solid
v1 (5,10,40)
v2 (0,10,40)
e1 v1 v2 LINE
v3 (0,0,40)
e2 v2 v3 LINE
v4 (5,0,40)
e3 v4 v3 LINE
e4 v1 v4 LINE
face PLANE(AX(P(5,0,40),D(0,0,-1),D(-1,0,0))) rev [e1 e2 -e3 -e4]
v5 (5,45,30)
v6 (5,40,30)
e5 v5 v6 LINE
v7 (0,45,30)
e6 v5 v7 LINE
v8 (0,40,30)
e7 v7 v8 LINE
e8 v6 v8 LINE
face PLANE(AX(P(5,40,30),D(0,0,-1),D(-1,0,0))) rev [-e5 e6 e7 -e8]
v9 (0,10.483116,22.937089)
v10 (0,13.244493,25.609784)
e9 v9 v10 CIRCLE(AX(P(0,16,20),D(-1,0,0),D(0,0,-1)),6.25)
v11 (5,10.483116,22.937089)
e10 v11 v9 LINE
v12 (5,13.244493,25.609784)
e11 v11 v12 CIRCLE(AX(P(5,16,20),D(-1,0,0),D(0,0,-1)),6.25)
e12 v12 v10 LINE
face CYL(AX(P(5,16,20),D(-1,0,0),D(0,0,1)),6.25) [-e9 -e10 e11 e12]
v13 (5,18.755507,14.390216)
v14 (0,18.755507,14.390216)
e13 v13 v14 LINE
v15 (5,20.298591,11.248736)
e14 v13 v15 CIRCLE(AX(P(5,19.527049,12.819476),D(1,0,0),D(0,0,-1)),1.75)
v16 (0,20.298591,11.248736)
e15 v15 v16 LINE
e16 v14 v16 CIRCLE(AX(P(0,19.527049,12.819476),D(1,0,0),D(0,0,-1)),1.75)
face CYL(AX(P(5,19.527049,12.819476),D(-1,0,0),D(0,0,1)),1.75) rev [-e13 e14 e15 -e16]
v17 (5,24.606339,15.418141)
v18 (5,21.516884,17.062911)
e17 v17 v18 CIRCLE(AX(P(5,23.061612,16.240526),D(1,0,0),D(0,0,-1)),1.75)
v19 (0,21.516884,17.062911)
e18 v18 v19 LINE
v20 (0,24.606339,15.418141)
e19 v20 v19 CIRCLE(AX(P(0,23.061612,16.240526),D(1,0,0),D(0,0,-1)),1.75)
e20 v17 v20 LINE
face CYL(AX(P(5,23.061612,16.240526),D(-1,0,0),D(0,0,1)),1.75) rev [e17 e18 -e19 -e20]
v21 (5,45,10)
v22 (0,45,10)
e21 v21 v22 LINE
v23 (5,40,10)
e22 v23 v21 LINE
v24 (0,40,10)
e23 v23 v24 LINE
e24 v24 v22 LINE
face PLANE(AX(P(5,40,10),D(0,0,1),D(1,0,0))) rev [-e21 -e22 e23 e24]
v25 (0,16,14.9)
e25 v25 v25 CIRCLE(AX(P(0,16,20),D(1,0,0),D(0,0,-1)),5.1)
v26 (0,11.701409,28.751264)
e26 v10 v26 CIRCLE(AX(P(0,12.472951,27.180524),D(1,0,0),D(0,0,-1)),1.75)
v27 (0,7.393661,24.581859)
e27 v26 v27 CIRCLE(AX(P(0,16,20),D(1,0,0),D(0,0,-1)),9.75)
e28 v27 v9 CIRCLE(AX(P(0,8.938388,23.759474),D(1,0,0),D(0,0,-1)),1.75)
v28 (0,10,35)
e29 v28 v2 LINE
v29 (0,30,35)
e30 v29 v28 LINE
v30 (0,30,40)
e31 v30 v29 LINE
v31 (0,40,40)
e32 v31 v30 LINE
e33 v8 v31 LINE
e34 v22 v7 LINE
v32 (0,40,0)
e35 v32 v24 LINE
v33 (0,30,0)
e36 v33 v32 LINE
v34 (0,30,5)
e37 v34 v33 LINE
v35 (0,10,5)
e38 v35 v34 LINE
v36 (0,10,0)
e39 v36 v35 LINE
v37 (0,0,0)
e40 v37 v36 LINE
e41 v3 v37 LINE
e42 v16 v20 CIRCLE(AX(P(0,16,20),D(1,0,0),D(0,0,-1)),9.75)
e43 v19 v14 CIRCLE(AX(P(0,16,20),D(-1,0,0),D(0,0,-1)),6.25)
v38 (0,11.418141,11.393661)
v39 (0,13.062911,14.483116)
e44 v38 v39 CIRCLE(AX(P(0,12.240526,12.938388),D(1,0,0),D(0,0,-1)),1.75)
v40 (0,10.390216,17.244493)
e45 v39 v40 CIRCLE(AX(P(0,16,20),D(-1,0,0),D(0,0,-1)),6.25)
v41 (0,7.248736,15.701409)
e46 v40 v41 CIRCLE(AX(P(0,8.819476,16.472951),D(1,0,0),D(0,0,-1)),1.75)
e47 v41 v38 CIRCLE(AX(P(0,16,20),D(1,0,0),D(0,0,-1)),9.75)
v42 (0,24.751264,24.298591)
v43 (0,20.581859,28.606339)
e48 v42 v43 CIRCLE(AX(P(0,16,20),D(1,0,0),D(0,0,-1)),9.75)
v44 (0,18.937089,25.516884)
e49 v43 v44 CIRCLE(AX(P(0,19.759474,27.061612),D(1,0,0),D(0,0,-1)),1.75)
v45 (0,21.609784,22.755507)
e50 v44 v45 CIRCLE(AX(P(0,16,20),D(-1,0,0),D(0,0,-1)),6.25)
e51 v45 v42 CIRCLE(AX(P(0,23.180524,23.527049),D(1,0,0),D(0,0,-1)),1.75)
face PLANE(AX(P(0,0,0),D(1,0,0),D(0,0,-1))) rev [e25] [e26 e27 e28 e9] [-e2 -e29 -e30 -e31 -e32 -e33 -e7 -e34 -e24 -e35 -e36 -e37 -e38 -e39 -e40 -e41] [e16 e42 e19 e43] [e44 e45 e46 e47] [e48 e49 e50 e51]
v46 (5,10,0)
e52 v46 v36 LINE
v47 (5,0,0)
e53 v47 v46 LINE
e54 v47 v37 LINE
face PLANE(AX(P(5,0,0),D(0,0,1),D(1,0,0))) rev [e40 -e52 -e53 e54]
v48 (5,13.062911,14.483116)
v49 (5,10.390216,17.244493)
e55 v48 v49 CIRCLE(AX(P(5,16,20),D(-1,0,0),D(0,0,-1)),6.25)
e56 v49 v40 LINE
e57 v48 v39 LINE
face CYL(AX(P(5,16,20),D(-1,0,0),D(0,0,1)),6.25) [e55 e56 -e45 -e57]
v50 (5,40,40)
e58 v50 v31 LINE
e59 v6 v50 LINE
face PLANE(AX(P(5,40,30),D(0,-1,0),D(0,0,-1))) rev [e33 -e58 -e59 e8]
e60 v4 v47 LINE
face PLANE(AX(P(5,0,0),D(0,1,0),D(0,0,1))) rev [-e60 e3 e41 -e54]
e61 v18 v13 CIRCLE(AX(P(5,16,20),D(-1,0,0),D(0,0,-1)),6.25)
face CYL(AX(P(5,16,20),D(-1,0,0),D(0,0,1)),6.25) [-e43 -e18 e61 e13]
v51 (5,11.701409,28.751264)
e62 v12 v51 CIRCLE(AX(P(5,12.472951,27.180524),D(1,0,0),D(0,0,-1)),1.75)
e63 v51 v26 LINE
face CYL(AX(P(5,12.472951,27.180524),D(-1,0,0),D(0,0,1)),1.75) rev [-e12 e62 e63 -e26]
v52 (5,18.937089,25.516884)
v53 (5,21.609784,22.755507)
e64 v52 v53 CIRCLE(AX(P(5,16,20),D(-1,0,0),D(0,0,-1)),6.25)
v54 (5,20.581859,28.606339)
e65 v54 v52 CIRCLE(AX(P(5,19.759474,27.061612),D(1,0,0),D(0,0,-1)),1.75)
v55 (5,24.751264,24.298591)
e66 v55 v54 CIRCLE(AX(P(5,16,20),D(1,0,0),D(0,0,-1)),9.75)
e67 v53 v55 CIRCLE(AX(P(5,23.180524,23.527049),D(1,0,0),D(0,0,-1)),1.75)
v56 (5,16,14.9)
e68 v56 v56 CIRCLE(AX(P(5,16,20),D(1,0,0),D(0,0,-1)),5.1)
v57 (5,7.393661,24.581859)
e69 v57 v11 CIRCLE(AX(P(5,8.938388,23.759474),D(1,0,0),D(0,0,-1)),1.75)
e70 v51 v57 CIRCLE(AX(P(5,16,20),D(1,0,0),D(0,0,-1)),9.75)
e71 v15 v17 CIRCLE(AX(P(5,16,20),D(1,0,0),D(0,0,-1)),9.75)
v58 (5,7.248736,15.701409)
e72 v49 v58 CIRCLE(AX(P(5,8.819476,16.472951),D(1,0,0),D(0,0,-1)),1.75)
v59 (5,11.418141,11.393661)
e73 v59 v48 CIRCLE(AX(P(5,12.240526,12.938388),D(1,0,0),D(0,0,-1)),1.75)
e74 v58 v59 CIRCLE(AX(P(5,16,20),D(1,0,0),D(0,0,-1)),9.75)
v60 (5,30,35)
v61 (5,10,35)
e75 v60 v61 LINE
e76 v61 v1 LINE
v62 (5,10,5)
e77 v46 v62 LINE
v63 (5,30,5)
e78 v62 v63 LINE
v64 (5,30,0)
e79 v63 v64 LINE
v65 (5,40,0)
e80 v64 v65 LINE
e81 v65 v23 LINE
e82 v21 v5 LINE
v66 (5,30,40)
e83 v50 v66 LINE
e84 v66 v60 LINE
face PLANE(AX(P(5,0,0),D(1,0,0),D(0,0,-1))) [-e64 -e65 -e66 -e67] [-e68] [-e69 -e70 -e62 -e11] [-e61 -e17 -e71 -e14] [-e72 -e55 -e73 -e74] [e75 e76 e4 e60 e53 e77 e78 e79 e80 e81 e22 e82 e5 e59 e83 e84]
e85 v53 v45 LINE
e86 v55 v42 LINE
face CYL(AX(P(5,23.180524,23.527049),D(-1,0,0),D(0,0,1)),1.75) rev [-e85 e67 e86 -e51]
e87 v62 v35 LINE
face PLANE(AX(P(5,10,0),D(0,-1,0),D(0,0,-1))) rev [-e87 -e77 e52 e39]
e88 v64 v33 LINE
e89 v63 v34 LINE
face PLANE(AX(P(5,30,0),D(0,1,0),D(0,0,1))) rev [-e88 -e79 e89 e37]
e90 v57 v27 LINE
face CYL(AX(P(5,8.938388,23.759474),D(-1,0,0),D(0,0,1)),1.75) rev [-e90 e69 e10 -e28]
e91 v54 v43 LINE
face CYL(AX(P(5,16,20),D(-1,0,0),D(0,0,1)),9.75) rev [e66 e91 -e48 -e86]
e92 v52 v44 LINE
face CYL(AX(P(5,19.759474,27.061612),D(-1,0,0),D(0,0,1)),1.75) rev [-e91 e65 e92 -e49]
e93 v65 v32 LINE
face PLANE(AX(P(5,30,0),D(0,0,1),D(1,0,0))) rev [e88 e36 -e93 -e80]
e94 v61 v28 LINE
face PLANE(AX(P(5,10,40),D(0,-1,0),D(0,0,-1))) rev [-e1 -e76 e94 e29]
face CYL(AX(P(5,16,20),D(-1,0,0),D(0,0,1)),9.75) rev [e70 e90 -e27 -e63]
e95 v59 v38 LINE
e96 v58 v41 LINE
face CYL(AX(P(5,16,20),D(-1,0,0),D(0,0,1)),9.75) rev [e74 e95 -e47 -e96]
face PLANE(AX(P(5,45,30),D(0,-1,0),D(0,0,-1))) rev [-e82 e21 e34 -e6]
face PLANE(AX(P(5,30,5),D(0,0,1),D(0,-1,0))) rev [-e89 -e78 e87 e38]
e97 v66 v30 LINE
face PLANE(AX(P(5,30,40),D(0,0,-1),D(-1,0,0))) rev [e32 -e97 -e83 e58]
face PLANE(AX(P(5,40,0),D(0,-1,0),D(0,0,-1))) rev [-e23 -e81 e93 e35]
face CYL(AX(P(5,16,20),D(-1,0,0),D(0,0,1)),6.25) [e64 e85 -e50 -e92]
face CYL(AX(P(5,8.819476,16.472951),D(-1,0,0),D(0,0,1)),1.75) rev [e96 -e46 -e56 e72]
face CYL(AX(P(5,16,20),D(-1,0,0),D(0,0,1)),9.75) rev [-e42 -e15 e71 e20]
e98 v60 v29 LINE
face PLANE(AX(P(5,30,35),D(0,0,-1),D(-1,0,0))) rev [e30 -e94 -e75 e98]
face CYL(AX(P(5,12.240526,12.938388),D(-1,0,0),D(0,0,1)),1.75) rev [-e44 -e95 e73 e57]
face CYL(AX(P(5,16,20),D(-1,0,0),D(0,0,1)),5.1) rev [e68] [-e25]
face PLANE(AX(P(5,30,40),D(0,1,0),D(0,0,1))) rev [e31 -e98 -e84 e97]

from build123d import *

# Parameters (mm, degrees)
SKETCH_1_R      = 5.1
EXTRUDE_1_DEPTH = 5


with BuildPart() as part:
    # 草图1 → 凸台-拉伸1 (new body)
    with BuildSketch(Plane(origin=(0, 0, 0), x_dir=(0, 0, -1), z_dir=(1, 0, 0))):
        Polygon((-30, 40), (-40, 40), (-40, 30), (-35, 30), (-35, 10), (-40, 10), (-40, 0), (0, 0), (0, 10), (-5, 10), (-5, 30), (0, 30), (0, 40), (-10, 40), (-10, 45), (-30, 45), align=None)
        with Locations((-20, 16)):
            Circle(SKETCH_1_R, mode=Mode.SUBTRACT)
        with BuildLine():
            ThreePointArc((-24.298590679, 24.751263804), (-26.780876657, 23.005869808), (-28.606339093, 20.58185851))
            ThreePointArc((-28.606339093, 20.58185851), (-27.883996425, 18.21474612), (-25.516884034, 18.937088789))
            ThreePointArc((-25.516884034, 18.937088789), (-24.346715806, 20.490942184), (-22.755506846, 21.60978449))
            ThreePointArc((-22.755506846, 21.60978449), (-21.956309105, 23.952066064), (-24.298590679, 24.751263804))
        make_face(mode=Mode.SUBTRACT)
        with BuildLine():
            ThreePointArc((-11.248736196, 20.298590679), (-12.994130192, 22.780876657), (-15.41814149, 24.606339093))
            ThreePointArc((-15.41814149, 24.606339093), (-17.78525388, 23.883996425), (-17.062911211, 21.516884034))
            ThreePointArc((-17.062911211, 21.516884034), (-15.509057816, 20.346715806), (-14.39021551, 18.755506846))
            ThreePointArc((-14.39021551, 18.755506846), (-12.047933936, 17.956309105), (-11.248736196, 20.298590679))
        make_face(mode=Mode.SUBTRACT)
        with BuildLine():
            ThreePointArc((-15.701409321, 7.248736196), (-13.219123343, 8.994130192), (-11.393660907, 11.41814149))
            ThreePointArc((-11.393660907, 11.41814149), (-12.116003575, 13.78525388), (-14.483115966, 13.062911211))
            ThreePointArc((-14.483115966, 13.062911211), (-15.653284194, 11.509057816), (-17.244493154, 10.39021551))
            ThreePointArc((-17.244493154, 10.39021551), (-18.043690895, 8.047933936), (-15.701409321, 7.248736196))
        make_face(mode=Mode.SUBTRACT)
        with BuildLine():
            ThreePointArc((-28.751263804, 11.701409321), (-27.005869808, 9.219123343), (-24.58185851, 7.393660907))
            ThreePointArc((-24.58185851, 7.393660907), (-22.21474612, 8.116003575), (-22.937088789, 10.483115966))
            ThreePointArc((-22.937088789, 10.483115966), (-24.490942184, 11.653284194), (-25.60978449, 13.244493154))
            ThreePointArc((-25.60978449, 13.244493154), (-27.952066064, 14.043690895), (-28.751263804, 11.701409321))
        make_face(mode=Mode.SUBTRACT)
    extrude(amount=EXTRUDE_1_DEPTH)


solid = part.part
